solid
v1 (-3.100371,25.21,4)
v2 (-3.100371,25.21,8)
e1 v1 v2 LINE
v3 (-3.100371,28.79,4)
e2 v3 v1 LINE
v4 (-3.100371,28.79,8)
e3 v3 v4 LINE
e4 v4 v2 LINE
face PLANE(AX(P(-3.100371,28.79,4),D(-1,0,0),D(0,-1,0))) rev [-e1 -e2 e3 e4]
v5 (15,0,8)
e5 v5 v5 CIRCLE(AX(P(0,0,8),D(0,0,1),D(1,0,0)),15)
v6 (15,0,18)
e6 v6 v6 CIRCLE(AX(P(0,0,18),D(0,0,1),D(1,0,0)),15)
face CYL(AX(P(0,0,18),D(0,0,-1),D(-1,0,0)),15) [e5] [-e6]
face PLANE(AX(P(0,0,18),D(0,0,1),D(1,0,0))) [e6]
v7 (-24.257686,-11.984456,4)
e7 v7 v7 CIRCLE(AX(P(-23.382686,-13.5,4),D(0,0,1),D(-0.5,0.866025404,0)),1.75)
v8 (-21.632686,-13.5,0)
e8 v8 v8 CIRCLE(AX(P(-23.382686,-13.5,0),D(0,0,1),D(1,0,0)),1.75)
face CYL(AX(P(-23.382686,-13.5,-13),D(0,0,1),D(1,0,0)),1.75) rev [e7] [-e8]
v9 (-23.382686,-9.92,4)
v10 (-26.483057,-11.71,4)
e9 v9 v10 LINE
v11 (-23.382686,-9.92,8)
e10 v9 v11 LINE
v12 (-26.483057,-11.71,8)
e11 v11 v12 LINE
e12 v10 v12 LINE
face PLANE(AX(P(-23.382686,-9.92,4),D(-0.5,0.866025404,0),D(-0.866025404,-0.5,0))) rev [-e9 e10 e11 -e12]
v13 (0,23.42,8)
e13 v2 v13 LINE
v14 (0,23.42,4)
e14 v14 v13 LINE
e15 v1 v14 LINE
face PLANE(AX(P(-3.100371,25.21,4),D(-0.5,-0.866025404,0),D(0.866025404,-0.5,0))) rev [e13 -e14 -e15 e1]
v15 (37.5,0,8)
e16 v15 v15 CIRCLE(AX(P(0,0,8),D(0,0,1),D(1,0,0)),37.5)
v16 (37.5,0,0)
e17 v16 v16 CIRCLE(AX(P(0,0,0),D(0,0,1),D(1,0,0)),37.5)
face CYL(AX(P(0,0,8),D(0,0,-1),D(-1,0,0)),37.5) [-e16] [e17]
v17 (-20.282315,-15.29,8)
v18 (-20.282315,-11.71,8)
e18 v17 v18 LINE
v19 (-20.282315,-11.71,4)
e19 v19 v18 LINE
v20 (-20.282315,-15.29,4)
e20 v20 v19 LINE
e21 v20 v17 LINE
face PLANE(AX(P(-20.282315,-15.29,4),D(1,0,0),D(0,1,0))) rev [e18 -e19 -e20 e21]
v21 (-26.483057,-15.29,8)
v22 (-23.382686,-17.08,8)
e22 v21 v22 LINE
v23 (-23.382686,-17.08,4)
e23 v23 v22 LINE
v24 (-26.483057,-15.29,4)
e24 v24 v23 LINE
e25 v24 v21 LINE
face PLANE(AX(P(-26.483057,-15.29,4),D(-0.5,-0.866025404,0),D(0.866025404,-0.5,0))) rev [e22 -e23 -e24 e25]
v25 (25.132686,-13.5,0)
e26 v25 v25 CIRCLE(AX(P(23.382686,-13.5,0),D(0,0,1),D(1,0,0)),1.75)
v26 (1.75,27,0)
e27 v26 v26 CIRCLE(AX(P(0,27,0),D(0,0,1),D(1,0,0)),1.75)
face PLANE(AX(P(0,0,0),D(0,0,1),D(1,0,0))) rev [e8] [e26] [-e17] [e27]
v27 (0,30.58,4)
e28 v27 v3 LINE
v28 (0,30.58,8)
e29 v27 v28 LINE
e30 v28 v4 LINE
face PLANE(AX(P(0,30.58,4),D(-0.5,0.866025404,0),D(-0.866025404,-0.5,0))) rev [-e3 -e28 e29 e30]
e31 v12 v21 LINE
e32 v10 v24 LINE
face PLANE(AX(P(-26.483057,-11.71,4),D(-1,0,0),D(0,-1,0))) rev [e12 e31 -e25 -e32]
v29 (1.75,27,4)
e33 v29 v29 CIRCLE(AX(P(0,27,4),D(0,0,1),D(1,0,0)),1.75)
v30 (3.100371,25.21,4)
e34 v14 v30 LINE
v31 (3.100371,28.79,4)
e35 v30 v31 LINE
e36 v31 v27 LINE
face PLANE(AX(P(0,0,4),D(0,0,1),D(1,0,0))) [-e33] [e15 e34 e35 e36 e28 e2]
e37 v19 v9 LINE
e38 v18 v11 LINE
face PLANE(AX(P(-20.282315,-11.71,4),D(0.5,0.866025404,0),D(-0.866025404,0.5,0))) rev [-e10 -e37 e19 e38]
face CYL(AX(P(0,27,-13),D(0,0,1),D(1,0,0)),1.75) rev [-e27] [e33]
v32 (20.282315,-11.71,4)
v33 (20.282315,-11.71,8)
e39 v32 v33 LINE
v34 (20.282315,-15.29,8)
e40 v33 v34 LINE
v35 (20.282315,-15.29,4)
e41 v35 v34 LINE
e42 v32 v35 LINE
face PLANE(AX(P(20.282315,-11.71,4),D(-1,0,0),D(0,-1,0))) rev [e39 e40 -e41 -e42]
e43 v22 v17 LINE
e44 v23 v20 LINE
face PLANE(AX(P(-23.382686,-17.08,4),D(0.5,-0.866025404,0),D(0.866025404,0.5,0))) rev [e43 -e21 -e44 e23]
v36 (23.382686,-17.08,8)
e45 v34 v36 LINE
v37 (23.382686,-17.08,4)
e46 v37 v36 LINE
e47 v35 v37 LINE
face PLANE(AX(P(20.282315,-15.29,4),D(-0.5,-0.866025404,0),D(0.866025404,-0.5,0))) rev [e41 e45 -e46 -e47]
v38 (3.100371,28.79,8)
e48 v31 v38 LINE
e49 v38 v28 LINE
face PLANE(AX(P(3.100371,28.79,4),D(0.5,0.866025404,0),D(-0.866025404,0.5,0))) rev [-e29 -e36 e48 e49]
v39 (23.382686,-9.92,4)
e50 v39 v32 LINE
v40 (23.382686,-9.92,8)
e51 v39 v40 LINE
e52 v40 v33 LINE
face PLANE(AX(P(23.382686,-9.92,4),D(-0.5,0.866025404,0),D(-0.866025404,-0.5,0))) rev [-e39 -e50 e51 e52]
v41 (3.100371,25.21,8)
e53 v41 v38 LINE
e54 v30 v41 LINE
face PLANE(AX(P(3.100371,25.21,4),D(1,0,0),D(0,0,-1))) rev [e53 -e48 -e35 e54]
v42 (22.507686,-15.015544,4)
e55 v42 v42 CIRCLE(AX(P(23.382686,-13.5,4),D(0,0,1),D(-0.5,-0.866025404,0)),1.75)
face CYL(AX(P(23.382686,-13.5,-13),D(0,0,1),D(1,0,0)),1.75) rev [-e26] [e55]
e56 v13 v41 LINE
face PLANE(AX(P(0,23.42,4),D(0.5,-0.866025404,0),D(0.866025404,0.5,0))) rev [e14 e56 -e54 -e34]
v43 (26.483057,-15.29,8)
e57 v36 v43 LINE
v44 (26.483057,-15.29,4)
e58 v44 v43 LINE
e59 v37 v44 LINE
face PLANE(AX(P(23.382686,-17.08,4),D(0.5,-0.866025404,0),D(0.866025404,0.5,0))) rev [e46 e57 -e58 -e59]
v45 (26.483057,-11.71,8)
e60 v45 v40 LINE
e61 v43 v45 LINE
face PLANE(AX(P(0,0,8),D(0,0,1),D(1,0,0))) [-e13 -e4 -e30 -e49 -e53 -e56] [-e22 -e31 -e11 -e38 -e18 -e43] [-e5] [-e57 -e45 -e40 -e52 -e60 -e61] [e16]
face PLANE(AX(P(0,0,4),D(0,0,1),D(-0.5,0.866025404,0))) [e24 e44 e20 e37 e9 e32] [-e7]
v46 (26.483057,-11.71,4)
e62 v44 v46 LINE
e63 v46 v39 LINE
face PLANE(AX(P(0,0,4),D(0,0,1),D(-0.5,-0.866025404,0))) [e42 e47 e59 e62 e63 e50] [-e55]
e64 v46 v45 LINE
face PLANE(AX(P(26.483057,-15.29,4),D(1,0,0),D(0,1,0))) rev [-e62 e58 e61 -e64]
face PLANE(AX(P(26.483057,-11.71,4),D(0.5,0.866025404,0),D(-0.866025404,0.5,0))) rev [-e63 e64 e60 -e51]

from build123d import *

# Parameters (mm, degrees)
SKETCH2_R           = 37.5
BOSS_EXTRUDE1_DEPTH = 8
CUT_EXTRUDE1_DEPTH  = 4
CIRPATTERN1_COUNT   = 3
CUT_EXTRUDE2_DEPTH  = 17
CIRPATTERN2_COUNT   = 3
SKETCH6_R           = 15
BOSS_EXTRUDE2_DEPTH = 10


with BuildPart() as part:
    # Sketch2 → Boss-Extrude1 (new body)
    with BuildSketch(Plane.XY):
        Circle(SKETCH2_R)
    extrude(amount=BOSS_EXTRUDE1_DEPTH)

    # Sketch3 → Cut-Extrude1 (cut)
    with BuildSketch(Plane.XY.offset(8)):
        Polygon((0, 23.42), (3.100370946, 25.21), (3.100370946, 28.79), (0, 30.58), (-3.100370946, 28.79), (-3.100370946, 25.21), align=None)
    cut_extrude1 = extrude(amount=-CUT_EXTRUDE1_DEPTH, mode=Mode.SUBTRACT)

    # CirPattern1: Cut-Extrude1 ×3 about axis
    cirpattern1_axis = Axis((0, 0, 0), (0, 0, 1))
    for i in range(1, CIRPATTERN1_COUNT):
        add(cut_extrude1.rotate(cirpattern1_axis, i * 360 / CIRPATTERN1_COUNT), mode=Mode.SUBTRACT)

    # Sketch5 → Cut-Extrude2 (cut)
    with BuildSketch(Plane.XY.offset(4)):
        with BuildLine():
            ThreePointArc((1.515544457, 27.875), (-0.875, 28.515544457), (-1.515544457, 26.125))
            Line((-1.515544457, 26.125), (1.515544457, 27.875))
        make_face()
        with BuildLine():
            Line((1.515544457, 27.875), (-1.515544457, 26.125))
            ThreePointArc((-1.515544457, 26.125), (0.452933329, 25.309629804), (1.75, 27))
            ThreePointArc((1.75, 27), (1.690370196, 27.452933329), (1.515544457, 27.875))
        make_face()
    cut_extrude2 = extrude(amount=-CUT_EXTRUDE2_DEPTH, mode=Mode.SUBTRACT)

    # CirPattern2: Cut-Extrude2 ×3 about axis
    cirpattern2_axis = Axis((0, 0, 0), (0, 0, 1))
    for i in range(1, CIRPATTERN2_COUNT):
        add(cut_extrude2.rotate(cirpattern2_axis, i * 360 / CIRPATTERN2_COUNT), mode=Mode.SUBTRACT)

    # Sketch6 → Boss-Extrude2 (add)
    with BuildSketch(Plane.XY.offset(8)):
        Circle(SKETCH6_R)
    extrude(amount=BOSS_EXTRUDE2_DEPTH)


solid = part.part
